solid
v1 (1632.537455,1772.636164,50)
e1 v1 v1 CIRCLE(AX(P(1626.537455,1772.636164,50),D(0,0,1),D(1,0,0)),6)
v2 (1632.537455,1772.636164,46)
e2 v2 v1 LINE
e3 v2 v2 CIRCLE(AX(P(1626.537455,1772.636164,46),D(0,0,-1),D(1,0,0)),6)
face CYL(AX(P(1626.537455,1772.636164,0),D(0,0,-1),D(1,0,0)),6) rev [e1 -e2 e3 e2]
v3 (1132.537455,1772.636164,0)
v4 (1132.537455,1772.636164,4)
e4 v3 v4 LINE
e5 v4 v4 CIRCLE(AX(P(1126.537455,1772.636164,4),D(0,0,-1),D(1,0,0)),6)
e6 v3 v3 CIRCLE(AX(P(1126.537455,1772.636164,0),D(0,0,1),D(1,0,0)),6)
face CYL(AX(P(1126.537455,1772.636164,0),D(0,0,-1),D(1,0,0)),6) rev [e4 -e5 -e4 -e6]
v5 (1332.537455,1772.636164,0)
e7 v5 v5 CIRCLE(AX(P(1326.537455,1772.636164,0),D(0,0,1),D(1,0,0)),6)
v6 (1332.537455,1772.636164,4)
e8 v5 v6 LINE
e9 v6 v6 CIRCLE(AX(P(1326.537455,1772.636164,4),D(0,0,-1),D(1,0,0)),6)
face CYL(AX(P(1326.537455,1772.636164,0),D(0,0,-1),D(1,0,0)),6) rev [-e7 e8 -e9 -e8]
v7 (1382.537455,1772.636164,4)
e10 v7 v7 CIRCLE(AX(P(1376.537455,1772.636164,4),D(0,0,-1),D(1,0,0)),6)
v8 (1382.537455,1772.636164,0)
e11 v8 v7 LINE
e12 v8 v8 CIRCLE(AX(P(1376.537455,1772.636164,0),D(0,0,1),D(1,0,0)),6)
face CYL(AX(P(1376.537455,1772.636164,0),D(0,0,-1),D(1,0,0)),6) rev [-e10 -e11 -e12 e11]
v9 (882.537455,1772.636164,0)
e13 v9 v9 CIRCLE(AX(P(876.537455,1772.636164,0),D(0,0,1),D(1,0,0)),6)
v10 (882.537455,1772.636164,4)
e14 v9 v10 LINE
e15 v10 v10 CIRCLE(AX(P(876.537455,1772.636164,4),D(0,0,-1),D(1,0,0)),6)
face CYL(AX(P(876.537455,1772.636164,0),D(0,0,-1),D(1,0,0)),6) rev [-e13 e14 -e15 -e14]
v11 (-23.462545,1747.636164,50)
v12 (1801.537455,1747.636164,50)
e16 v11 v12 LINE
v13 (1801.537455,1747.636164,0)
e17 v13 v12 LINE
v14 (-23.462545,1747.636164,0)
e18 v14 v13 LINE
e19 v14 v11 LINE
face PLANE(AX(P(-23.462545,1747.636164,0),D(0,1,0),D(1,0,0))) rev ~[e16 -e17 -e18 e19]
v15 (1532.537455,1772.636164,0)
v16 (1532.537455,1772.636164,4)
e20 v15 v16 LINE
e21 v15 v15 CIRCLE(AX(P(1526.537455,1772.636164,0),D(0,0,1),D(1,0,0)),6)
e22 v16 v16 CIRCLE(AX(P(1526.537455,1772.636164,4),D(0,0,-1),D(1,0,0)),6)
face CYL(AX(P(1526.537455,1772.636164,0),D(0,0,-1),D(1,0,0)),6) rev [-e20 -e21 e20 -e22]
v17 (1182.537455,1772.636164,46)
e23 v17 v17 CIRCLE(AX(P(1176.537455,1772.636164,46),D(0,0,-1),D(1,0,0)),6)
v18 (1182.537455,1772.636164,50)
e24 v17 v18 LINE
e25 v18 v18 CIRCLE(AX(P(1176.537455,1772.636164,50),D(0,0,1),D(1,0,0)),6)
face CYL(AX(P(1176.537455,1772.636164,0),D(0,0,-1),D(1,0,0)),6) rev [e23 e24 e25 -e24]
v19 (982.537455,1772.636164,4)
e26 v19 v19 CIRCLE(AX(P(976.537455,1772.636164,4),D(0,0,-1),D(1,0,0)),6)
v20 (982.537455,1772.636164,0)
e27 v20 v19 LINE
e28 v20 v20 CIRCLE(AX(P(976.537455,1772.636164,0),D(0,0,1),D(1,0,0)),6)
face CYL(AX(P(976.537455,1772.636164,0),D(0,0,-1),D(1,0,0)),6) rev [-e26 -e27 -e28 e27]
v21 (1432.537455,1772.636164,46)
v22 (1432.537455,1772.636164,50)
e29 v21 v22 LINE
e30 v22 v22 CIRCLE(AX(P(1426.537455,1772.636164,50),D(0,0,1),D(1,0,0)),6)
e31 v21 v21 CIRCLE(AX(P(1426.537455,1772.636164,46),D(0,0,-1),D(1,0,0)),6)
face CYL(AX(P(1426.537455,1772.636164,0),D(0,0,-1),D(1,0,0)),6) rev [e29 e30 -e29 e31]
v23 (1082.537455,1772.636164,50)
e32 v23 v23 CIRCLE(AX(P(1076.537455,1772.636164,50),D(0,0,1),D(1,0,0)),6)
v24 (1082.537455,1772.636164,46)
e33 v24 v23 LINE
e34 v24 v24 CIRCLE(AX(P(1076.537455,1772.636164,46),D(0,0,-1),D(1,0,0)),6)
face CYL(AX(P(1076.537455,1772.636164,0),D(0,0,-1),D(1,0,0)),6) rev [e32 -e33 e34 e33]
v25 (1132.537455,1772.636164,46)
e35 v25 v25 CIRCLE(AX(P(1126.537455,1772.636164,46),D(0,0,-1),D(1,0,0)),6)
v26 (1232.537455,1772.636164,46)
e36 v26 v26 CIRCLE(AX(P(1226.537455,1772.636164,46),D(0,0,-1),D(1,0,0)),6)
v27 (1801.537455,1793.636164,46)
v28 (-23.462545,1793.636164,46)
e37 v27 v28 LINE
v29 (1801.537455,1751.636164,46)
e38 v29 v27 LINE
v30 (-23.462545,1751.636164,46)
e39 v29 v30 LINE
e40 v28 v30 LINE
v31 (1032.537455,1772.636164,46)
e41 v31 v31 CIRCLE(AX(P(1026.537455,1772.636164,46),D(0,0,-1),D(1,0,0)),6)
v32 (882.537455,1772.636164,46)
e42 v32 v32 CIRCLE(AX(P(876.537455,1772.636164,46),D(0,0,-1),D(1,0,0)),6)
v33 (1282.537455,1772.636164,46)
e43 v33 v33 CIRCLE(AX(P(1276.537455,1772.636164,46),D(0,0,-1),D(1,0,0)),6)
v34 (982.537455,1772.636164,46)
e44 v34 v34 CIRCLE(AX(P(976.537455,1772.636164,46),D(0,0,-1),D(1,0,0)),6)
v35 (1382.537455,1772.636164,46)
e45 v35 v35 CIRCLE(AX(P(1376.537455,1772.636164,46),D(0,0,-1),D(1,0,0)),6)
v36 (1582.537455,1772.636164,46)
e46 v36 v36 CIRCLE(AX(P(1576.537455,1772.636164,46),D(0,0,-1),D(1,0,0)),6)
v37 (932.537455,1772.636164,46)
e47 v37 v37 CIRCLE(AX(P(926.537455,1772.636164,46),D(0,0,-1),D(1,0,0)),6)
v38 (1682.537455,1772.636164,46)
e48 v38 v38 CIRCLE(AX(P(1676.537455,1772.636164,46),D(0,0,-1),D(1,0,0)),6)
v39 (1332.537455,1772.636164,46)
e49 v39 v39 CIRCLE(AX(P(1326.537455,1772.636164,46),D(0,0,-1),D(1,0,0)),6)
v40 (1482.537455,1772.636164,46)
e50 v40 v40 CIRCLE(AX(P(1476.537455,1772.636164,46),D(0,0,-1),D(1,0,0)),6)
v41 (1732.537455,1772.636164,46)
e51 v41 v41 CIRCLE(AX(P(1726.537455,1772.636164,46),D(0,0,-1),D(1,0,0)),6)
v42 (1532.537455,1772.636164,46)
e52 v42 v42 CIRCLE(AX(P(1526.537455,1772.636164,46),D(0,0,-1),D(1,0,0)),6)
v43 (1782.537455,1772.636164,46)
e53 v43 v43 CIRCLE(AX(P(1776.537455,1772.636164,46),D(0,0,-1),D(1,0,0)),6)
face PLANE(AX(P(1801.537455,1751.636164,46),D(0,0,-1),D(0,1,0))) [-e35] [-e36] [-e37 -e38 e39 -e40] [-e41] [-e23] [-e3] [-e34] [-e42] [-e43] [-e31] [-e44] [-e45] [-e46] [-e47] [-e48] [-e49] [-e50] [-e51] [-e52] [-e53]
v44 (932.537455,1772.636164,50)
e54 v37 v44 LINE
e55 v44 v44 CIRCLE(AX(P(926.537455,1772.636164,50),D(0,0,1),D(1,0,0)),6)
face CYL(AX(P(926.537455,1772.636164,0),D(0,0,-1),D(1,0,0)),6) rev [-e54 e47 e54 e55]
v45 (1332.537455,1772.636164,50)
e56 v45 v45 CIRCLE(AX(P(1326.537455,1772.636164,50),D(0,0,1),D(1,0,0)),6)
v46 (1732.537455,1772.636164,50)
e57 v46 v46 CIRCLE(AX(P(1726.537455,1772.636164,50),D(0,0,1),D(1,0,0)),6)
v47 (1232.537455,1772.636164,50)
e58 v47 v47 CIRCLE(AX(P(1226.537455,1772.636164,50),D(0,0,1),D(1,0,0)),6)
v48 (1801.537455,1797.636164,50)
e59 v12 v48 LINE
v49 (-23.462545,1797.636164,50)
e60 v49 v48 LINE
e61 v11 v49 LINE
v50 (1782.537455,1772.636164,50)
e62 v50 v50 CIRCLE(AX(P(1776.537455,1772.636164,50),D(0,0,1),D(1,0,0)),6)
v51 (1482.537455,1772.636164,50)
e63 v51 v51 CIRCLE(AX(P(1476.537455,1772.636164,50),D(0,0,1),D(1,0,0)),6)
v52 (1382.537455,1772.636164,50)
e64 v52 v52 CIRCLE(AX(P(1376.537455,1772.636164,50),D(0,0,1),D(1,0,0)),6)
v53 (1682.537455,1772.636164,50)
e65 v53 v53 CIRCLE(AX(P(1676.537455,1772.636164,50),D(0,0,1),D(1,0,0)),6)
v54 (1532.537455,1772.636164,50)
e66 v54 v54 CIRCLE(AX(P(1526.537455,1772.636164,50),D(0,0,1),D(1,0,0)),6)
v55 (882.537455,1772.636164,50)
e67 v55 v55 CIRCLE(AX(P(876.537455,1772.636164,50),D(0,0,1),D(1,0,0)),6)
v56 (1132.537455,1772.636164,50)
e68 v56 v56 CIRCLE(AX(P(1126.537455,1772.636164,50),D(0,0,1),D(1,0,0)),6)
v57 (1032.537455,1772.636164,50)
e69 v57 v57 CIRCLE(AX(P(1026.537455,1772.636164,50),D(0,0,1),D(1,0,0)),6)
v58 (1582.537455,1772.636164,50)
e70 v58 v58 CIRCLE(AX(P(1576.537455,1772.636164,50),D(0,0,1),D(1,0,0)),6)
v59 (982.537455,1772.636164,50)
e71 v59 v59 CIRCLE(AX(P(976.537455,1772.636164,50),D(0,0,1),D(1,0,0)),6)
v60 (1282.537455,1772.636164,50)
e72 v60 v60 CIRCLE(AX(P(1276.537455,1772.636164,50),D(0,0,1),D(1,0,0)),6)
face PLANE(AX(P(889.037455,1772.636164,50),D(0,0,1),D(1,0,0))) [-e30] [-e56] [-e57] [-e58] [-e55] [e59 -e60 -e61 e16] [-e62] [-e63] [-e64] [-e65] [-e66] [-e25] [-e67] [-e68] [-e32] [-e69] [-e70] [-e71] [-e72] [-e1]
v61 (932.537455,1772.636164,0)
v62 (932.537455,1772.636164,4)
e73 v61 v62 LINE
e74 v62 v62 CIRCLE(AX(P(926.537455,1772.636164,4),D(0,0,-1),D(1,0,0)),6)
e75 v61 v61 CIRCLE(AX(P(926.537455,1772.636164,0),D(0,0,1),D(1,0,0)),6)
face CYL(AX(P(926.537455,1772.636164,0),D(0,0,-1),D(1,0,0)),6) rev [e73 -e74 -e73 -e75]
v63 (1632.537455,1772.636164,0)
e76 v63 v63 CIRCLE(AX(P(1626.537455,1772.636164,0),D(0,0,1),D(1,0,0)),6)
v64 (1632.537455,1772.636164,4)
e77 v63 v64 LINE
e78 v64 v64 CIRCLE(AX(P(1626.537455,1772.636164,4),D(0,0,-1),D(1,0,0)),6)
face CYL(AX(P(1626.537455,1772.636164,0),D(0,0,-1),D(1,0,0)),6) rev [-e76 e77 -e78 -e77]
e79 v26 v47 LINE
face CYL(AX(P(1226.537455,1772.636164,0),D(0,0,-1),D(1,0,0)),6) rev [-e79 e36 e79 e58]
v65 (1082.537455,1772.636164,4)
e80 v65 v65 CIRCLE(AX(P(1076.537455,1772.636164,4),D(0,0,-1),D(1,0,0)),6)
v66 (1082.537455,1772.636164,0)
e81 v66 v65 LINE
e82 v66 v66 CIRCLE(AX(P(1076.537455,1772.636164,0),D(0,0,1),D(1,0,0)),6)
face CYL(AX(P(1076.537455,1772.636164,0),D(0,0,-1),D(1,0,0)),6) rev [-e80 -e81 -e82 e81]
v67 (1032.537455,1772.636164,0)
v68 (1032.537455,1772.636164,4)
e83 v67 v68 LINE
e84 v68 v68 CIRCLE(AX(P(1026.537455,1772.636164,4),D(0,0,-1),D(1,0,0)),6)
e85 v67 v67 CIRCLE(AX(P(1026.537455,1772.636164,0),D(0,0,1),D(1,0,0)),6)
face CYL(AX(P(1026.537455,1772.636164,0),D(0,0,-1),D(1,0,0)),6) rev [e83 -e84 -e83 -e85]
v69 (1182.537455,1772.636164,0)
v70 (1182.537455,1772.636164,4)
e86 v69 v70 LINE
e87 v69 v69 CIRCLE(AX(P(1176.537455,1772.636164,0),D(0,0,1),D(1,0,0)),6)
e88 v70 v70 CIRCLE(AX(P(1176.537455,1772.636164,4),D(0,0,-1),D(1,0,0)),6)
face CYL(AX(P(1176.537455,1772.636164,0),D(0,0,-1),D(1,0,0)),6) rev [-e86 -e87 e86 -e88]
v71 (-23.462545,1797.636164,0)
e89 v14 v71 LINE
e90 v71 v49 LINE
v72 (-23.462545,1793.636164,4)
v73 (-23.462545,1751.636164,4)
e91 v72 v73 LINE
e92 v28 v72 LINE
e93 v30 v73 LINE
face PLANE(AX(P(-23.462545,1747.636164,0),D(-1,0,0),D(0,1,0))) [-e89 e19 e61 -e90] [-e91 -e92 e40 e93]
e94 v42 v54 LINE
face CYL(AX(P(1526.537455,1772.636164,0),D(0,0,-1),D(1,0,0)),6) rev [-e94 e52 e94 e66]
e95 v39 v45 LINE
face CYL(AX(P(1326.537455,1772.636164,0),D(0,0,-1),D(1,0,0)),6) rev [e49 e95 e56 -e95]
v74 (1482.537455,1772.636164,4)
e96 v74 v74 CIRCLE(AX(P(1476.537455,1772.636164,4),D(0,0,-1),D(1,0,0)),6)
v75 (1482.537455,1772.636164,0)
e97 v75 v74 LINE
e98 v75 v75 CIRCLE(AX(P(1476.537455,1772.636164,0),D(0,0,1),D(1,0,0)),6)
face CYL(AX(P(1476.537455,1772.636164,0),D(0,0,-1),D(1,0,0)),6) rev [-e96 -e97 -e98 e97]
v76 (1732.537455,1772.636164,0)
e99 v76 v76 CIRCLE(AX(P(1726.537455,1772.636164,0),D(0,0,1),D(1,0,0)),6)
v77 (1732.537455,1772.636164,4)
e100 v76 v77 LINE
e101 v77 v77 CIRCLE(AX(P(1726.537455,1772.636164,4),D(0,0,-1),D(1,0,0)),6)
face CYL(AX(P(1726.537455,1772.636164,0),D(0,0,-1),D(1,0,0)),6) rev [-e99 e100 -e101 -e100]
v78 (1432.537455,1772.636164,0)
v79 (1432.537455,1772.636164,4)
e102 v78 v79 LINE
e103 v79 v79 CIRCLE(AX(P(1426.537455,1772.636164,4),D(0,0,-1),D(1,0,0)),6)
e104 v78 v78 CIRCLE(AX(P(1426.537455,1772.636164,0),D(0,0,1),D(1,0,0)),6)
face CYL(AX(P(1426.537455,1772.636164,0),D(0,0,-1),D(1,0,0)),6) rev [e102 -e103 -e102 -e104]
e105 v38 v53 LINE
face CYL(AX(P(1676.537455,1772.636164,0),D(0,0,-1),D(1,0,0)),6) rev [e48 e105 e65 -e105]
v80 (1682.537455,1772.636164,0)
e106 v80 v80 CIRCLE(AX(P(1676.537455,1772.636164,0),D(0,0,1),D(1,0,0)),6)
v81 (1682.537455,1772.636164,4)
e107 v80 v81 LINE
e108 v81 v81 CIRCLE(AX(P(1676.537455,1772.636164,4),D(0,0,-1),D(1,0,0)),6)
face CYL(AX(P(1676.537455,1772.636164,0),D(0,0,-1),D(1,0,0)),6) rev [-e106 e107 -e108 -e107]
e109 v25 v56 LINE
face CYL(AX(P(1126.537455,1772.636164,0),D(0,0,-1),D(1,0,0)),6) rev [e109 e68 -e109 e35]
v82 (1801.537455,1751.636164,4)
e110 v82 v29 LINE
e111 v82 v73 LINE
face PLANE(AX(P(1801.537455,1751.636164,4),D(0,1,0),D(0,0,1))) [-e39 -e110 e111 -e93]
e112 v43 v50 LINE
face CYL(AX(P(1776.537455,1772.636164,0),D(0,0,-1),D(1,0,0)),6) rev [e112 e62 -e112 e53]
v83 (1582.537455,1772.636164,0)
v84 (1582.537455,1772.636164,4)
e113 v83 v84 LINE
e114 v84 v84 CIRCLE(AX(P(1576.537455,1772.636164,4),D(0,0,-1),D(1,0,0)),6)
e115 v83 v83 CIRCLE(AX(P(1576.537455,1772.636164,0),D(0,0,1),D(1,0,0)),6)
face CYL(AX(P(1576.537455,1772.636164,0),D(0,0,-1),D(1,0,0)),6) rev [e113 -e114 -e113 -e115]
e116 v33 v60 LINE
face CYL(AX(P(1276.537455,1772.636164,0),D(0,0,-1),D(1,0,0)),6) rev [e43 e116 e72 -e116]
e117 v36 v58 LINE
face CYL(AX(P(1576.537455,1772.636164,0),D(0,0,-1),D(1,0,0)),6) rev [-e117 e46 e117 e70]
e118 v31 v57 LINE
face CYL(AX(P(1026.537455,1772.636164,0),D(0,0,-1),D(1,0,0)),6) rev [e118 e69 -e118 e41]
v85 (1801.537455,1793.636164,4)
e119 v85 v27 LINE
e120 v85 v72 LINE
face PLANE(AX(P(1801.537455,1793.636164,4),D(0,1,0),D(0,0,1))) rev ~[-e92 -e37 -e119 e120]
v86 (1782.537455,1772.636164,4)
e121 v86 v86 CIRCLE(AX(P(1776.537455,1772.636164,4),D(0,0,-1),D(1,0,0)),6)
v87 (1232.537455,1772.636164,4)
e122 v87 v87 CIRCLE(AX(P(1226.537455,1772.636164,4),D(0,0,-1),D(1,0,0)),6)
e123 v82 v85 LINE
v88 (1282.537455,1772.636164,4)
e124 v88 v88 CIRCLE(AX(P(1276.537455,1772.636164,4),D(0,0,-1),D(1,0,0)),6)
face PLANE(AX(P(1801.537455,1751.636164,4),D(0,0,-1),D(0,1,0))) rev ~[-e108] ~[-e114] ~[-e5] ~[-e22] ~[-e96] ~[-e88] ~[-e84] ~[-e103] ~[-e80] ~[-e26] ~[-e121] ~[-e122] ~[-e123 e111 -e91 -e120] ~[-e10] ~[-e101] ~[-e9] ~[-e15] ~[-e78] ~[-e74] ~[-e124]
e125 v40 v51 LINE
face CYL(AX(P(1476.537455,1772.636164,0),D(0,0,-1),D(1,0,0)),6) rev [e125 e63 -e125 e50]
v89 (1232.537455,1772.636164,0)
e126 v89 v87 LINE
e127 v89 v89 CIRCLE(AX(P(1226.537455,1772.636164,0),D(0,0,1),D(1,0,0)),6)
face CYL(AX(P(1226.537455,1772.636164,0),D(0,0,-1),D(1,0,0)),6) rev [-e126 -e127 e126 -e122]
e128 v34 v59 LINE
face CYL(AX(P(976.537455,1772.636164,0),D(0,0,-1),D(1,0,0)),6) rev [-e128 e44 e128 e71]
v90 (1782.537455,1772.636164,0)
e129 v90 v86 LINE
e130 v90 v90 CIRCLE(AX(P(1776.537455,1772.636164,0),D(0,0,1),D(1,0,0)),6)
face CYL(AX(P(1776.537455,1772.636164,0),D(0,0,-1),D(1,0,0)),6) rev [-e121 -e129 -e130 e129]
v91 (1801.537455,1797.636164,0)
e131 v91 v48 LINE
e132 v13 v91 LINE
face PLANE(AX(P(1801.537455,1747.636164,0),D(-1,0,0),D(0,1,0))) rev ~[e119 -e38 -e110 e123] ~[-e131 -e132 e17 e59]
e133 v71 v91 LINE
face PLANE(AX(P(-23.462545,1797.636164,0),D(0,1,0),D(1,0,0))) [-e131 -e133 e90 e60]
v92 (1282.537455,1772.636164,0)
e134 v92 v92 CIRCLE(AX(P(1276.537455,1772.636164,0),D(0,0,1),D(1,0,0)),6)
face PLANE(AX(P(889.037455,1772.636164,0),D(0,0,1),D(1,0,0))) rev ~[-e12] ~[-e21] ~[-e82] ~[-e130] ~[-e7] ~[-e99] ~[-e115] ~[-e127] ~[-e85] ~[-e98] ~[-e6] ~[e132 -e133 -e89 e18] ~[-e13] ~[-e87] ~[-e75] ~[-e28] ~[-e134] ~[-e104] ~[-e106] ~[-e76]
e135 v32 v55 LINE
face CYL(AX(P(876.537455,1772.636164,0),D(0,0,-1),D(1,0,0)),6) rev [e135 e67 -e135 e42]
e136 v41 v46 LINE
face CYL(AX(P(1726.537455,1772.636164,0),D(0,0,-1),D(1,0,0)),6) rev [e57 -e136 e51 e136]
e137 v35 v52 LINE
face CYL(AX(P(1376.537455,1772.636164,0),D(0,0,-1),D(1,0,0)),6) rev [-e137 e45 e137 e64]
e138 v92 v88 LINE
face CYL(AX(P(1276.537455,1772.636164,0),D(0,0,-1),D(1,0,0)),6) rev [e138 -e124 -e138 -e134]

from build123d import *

# Parameters (mm, degrees)
F0_W     = 1825
F0_H     = 50
F0_R     = 6
F1_DEPTH = 50
F2_W     = 42
F2_H     = 42
F3_DEPTH = 1825.001


with BuildPart() as f1:
    # F0 (on Top) → F1 (new body)
    with BuildSketch(Plane.XY):
        with Locations((889.037455, 1772.636164)):
            Rectangle(F0_W, F0_H)
        with Locations((876.537455, 1772.636164)):
            Circle(F0_R, mode=Mode.SUBTRACT)
        with Locations((926.537455, 1772.636164)):
            Circle(F0_R, mode=Mode.SUBTRACT)
        with Locations((976.537455, 1772.636164)):
            Circle(F0_R, mode=Mode.SUBTRACT)
        with Locations((1026.537455, 1772.636164)):
            Circle(F0_R, mode=Mode.SUBTRACT)
        with Locations((1076.537455, 1772.636164)):
            Circle(F0_R, mode=Mode.SUBTRACT)
        with Locations((1126.537455, 1772.636164)):
            Circle(F0_R, mode=Mode.SUBTRACT)
        with Locations((1176.537455, 1772.636164)):
            Circle(F0_R, mode=Mode.SUBTRACT)
        with Locations((1326.537455, 1772.636164)):
            Circle(F0_R, mode=Mode.SUBTRACT)
        with Locations((1376.537455, 1772.636164)):
            Circle(F0_R, mode=Mode.SUBTRACT)
        with Locations((1226.537455, 1772.636164)):
            Circle(F0_R, mode=Mode.SUBTRACT)
        with Locations((1276.537455, 1772.636164)):
            Circle(F0_R, mode=Mode.SUBTRACT)
        with Locations((1426.537455, 1772.636164)):
            Circle(F0_R, mode=Mode.SUBTRACT)
        with Locations((1476.537455, 1772.636164)):
            Circle(F0_R, mode=Mode.SUBTRACT)
        with Locations((1526.537455, 1772.636164)):
            Circle(F0_R, mode=Mode.SUBTRACT)
        with Locations((1576.537455, 1772.636164)):
            Circle(F0_R, mode=Mode.SUBTRACT)
        with Locations((1626.537455, 1772.636164)):
            Circle(F0_R, mode=Mode.SUBTRACT)
        with Locations((1676.537455, 1772.636164)):
            Circle(F0_R, mode=Mode.SUBTRACT)
        with Locations((1726.537455, 1772.636164)):
            Circle(F0_R, mode=Mode.SUBTRACT)
        with Locations((1776.537455, 1772.636164)):
            Circle(F0_R, mode=Mode.SUBTRACT)
    extrude(amount=F1_DEPTH)

    # F2 (on face) → F3 (cut, through all)
    with BuildSketch(Plane.YZ.offset(1801.537455)):
        with Locations((1772.636164, 25)):
            Rectangle(F2_W, F2_H)
    extrude(amount=-F3_DEPTH, mode=Mode.SUBTRACT)


solid = f1.part
